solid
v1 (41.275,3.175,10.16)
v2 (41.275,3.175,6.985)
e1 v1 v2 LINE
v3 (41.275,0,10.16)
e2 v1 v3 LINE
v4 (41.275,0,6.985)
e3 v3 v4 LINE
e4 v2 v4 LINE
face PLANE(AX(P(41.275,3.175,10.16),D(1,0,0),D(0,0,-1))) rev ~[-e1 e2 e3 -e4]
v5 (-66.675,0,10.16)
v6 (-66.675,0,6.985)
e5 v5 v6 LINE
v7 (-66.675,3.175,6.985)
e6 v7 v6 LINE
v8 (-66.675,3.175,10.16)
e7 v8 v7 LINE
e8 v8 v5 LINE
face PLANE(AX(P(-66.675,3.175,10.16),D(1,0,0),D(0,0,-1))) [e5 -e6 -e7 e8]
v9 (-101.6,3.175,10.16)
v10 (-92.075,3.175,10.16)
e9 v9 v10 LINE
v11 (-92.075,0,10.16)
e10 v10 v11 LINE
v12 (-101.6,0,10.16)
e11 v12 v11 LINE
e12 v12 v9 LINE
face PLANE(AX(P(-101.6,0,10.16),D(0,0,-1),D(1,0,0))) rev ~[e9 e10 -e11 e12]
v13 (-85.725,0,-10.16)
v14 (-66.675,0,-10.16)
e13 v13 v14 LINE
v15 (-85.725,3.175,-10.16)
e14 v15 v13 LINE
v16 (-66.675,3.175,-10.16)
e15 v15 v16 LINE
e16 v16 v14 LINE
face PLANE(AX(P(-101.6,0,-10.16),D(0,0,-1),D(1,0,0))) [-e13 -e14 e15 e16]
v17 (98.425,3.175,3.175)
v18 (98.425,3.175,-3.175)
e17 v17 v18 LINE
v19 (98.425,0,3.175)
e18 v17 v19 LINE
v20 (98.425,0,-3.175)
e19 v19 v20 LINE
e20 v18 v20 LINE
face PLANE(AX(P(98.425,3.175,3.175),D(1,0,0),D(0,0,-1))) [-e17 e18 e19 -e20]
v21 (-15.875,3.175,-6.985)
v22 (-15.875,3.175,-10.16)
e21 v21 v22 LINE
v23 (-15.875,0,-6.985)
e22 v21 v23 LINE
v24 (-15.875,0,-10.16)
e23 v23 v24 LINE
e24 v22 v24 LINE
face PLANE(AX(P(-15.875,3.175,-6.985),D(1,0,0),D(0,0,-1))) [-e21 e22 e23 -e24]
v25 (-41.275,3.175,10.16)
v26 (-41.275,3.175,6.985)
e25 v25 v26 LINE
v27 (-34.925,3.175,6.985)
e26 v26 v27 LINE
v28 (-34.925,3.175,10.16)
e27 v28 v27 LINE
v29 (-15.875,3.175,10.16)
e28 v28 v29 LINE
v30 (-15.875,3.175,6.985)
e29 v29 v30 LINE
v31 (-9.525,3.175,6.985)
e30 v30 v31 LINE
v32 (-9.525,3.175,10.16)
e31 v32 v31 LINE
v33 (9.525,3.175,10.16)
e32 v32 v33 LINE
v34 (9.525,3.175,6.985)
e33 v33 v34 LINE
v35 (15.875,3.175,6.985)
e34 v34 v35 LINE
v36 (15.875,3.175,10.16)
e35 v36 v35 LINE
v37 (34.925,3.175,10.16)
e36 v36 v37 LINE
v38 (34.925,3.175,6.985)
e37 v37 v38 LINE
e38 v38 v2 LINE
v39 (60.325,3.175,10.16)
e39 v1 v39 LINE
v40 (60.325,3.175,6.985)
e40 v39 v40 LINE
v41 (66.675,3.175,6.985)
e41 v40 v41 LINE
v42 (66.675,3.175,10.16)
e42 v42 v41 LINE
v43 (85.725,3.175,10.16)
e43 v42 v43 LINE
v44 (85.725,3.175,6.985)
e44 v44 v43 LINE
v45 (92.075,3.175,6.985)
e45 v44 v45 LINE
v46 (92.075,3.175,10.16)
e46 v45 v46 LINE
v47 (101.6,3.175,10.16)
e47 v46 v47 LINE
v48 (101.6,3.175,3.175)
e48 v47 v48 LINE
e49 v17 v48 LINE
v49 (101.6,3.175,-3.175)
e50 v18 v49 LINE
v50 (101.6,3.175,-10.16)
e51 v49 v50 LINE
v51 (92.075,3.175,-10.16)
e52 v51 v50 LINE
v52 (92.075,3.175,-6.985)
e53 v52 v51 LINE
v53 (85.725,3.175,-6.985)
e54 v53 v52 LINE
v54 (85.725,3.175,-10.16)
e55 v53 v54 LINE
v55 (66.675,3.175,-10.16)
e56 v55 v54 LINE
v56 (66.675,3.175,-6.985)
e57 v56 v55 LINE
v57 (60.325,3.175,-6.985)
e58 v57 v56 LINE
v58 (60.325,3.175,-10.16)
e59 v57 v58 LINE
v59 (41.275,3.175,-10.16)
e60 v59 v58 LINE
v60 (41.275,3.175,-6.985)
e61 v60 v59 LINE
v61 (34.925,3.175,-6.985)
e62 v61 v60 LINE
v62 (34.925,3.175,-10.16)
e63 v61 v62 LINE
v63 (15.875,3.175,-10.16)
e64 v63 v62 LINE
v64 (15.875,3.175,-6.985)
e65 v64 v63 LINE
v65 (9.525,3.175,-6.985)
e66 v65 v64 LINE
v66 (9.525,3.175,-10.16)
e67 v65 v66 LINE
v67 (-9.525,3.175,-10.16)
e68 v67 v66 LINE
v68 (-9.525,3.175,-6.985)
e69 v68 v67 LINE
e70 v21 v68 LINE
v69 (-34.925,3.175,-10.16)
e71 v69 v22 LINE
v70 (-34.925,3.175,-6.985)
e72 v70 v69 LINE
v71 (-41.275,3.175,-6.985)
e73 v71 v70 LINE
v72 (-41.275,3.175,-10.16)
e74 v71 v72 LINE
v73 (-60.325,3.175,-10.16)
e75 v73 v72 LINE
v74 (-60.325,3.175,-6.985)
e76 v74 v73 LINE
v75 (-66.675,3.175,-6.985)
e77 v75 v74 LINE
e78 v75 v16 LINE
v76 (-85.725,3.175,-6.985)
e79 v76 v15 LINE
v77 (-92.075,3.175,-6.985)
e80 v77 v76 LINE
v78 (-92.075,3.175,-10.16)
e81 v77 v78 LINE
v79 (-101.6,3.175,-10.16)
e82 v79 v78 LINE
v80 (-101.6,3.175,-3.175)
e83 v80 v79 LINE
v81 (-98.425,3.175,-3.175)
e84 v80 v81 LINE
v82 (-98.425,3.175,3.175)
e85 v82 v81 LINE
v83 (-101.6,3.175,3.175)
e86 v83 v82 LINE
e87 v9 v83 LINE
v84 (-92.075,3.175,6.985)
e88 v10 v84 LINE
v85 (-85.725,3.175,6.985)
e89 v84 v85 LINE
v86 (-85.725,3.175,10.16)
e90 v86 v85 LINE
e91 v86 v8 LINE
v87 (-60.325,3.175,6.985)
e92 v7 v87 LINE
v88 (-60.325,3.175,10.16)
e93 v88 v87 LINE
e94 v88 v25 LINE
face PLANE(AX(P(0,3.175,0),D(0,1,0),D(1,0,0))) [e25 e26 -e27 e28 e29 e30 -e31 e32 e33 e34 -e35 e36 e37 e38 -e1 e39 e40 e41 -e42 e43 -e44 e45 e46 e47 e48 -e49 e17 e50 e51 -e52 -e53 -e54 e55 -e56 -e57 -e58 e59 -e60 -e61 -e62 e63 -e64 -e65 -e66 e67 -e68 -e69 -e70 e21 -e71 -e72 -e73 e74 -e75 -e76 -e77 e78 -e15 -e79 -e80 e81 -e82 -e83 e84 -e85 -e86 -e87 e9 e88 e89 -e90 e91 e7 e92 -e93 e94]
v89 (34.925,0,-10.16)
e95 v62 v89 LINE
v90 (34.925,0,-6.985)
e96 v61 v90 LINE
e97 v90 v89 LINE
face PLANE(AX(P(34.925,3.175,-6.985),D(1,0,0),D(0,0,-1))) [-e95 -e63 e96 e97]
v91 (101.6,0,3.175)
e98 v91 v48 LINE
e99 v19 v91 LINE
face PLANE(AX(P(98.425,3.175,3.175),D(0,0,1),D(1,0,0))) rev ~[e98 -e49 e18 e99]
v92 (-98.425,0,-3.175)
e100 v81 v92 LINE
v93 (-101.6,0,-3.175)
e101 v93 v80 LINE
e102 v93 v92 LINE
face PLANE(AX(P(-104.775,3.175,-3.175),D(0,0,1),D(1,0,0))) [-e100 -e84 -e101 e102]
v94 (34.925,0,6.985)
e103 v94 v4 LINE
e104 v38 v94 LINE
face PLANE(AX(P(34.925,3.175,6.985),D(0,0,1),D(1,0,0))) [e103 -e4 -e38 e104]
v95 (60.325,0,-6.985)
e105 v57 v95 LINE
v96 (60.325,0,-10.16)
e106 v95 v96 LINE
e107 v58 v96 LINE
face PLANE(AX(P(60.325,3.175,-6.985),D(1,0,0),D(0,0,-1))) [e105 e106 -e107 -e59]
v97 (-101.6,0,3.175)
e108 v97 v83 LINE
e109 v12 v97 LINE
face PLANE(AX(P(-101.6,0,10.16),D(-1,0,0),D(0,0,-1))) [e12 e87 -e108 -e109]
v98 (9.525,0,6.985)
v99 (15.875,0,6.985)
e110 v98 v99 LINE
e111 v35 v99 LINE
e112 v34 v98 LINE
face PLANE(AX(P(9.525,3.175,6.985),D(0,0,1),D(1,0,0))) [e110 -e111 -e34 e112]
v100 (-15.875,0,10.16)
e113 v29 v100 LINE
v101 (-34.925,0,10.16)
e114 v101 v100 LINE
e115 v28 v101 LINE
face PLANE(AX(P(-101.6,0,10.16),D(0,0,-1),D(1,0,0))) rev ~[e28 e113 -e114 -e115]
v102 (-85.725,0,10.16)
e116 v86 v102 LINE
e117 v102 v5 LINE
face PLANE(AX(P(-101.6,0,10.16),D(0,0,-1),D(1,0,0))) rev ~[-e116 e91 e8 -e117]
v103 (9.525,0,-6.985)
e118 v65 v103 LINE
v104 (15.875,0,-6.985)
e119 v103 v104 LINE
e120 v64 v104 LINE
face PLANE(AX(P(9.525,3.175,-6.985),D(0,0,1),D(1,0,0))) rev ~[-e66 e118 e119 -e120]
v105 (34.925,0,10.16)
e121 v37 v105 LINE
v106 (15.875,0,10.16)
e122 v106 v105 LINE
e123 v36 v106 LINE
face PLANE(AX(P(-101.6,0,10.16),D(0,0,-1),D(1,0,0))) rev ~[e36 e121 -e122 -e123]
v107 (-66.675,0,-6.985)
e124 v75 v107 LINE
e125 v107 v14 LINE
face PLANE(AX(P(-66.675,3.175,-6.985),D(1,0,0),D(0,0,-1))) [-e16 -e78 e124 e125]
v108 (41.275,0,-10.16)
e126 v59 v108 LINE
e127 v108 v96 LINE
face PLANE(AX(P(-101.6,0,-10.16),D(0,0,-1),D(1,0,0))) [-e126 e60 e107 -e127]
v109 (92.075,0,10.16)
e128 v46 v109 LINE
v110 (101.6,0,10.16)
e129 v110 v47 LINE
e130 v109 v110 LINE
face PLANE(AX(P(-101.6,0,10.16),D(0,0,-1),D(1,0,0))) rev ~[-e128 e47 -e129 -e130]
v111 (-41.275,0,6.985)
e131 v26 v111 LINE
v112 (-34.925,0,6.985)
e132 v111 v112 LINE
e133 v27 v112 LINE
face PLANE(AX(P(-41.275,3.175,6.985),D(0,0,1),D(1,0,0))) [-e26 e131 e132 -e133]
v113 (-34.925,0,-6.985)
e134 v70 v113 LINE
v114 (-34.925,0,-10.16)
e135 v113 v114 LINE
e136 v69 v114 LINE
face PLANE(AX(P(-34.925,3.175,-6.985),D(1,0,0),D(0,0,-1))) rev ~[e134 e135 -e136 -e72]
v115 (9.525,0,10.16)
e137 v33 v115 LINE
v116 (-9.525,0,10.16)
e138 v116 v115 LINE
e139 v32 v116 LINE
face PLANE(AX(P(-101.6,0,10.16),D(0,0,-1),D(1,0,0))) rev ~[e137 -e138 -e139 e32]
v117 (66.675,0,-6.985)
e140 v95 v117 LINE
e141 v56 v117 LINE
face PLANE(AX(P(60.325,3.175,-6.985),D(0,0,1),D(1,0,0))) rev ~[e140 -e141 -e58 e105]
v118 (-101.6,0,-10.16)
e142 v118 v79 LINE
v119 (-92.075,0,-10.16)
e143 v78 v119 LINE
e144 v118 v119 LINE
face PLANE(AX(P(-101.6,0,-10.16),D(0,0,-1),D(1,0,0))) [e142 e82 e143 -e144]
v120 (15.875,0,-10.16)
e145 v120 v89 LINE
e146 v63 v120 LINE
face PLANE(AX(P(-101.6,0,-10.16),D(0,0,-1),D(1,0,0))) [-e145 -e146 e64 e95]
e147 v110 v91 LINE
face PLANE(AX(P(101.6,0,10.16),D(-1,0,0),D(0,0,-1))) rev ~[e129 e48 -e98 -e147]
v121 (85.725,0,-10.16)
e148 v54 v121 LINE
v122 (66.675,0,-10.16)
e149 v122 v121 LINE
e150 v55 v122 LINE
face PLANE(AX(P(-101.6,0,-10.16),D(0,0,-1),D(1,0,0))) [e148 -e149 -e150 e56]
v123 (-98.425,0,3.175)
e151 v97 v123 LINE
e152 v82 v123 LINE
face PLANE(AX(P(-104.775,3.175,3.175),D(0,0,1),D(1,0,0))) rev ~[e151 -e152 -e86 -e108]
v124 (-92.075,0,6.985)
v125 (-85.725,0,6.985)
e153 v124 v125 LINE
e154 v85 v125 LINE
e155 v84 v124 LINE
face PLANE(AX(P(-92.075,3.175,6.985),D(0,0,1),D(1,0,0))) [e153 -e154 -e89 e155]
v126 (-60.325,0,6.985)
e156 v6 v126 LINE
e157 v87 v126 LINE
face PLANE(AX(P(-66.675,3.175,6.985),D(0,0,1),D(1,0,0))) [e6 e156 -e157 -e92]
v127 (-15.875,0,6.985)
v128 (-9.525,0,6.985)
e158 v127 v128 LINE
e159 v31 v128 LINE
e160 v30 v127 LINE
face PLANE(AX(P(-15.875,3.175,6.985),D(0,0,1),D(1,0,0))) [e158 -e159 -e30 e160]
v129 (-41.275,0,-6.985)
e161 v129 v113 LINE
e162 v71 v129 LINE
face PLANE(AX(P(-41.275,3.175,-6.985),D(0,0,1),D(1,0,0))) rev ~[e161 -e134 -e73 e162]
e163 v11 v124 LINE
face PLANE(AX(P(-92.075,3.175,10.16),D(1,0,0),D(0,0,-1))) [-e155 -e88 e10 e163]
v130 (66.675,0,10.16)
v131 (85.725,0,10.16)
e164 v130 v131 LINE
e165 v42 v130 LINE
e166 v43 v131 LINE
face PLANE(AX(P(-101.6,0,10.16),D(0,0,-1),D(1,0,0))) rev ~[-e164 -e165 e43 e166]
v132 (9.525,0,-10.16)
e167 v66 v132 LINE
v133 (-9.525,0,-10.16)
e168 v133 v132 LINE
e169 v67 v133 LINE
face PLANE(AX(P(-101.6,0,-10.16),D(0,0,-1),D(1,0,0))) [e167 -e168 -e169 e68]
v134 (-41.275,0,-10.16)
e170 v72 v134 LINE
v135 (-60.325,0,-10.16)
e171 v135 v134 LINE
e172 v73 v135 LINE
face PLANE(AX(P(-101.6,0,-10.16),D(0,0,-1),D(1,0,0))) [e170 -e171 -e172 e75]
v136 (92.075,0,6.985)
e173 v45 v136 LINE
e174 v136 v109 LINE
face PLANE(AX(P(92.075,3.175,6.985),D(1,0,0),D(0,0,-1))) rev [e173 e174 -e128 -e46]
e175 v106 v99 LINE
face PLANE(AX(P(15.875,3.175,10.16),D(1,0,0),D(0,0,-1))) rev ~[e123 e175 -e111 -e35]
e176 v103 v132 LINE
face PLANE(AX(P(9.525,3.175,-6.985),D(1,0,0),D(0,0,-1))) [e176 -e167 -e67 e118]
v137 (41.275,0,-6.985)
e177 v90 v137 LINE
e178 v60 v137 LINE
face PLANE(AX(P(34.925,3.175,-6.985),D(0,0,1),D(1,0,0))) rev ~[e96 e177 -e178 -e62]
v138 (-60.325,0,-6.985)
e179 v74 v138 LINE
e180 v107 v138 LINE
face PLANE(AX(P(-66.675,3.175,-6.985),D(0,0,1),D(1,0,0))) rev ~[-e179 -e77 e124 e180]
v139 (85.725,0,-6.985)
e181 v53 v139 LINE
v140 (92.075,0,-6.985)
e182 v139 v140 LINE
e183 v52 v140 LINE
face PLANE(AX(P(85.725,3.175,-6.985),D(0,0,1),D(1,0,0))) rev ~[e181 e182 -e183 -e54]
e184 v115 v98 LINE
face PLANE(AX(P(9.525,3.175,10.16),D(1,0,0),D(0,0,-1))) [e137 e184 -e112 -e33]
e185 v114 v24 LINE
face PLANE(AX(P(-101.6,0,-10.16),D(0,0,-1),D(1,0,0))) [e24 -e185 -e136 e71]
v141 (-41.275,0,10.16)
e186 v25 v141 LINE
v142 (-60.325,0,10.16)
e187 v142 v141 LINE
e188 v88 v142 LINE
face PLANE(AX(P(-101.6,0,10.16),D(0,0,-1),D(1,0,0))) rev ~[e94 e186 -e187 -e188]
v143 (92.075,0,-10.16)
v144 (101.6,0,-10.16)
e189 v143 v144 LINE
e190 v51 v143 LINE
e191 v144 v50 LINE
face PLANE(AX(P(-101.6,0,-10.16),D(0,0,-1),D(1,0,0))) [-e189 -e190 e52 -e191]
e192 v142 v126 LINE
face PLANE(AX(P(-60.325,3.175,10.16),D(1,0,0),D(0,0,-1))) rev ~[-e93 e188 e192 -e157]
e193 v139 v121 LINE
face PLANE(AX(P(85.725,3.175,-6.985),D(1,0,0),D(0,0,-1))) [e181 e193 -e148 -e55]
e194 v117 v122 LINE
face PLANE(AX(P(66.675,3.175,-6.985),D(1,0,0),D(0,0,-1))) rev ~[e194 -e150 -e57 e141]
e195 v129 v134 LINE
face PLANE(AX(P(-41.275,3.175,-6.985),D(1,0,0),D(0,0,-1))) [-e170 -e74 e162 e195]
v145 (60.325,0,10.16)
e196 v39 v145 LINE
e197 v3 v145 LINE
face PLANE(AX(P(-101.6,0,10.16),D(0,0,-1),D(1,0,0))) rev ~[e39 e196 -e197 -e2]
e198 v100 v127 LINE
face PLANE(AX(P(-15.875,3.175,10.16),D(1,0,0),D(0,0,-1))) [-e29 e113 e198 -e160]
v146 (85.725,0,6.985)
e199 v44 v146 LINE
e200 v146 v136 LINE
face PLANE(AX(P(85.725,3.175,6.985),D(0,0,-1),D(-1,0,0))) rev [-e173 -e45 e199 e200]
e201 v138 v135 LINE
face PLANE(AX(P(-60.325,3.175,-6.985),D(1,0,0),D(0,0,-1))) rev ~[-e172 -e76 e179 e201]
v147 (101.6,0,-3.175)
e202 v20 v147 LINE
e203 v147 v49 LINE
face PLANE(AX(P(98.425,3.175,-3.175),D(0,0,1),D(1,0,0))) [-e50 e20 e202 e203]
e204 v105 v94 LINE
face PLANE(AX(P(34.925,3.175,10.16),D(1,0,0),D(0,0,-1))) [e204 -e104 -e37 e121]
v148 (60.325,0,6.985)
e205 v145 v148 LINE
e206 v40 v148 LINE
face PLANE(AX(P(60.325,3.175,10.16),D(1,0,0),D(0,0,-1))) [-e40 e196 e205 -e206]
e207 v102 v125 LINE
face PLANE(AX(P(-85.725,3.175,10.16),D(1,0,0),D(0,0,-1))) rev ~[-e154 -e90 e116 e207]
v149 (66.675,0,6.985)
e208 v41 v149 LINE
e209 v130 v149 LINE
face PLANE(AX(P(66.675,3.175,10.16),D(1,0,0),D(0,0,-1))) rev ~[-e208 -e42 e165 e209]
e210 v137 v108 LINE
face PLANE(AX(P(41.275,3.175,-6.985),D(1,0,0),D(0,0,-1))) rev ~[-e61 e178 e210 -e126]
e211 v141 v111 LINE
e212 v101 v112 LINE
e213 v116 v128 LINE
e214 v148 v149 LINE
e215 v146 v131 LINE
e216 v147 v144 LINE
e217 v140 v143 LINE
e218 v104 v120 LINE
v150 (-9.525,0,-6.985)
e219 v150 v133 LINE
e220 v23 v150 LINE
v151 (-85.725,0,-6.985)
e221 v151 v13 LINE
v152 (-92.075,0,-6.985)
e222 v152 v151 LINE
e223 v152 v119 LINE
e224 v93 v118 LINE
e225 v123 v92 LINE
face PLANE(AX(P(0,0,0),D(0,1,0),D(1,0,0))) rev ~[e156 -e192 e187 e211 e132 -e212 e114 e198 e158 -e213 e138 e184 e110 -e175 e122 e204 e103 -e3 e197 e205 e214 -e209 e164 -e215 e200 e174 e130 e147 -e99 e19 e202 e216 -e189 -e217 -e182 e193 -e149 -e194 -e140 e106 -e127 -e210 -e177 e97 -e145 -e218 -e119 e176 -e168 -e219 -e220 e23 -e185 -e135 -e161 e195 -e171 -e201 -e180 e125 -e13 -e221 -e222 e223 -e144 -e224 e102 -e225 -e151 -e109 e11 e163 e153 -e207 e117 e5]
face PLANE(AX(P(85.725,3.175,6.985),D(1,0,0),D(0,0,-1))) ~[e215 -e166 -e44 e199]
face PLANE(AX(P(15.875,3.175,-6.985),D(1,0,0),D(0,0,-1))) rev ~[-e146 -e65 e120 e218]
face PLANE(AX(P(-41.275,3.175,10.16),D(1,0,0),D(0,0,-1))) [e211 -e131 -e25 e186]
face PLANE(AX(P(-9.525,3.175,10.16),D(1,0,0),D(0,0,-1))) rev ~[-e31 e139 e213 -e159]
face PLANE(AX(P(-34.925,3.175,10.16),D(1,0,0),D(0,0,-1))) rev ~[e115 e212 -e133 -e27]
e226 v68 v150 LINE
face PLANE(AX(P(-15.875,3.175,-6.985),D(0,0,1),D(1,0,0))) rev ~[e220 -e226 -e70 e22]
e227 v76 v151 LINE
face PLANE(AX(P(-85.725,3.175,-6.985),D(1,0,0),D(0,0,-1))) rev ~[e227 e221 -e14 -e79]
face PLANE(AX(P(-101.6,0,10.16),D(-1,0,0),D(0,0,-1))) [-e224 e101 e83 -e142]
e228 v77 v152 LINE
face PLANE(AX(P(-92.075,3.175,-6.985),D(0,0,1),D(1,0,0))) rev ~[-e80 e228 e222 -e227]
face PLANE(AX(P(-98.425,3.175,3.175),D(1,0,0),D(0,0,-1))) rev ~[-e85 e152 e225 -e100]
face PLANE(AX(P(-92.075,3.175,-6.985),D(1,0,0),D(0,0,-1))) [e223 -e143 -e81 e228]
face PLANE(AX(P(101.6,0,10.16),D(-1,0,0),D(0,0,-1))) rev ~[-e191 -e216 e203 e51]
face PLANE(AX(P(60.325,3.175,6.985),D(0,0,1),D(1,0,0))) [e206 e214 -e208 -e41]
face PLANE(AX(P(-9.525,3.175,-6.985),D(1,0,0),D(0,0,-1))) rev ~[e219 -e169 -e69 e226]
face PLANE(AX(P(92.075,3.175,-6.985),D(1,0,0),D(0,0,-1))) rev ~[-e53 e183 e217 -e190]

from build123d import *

# Parameters (mm, degrees)
SKETCH1_W               = 203.2
SKETCH1_H               = 20.32
BOSS_EXTRUDE1_DEPTH     = 3.175
SKETCH2_W               = 6.35
SKETCH2_H               = 3.175
CUT_EXTRUDE1_DEPTH      = 103.156087557
LPATTERN1_COUNT         = 8
LPATTERN1_PITCH         = 25.4
MIRROR1_COPY_1_SKETCH_W = 6.35
MIRROR1_COPY_1_SKETCH_H = 3.175
MIRROR1_COPY_1_DEPTH    = 103.156087557
MIRROR1_COPY_2_SKETCH_W = 6.35
MIRROR1_COPY_2_SKETCH_H = 3.175
MIRROR1_COPY_2_DEPTH    = 103.156087557
MIRROR1_COPY_3_SKETCH_W = 6.35
MIRROR1_COPY_3_SKETCH_H = 3.175
MIRROR1_COPY_3_DEPTH    = 103.156087557
MIRROR1_COPY_4_SKETCH_W = 6.35
MIRROR1_COPY_4_SKETCH_H = 3.175
MIRROR1_COPY_4_DEPTH    = 103.156087557
MIRROR1_COPY_5_SKETCH_W = 6.35
MIRROR1_COPY_5_SKETCH_H = 3.175
MIRROR1_COPY_5_DEPTH    = 103.156087557
MIRROR1_COPY_6_SKETCH_W = 6.35
MIRROR1_COPY_6_SKETCH_H = 3.175
MIRROR1_COPY_6_DEPTH    = 103.156087557
MIRROR1_COPY_7_SKETCH_W = 6.35
MIRROR1_COPY_7_SKETCH_H = 3.175
MIRROR1_COPY_7_DEPTH    = 103.156087557
SKETCH3_W               = 6.35
SKETCH3_H               = 6.35
CUT_EXTRUDE2_DEPTH      = 103.156087557


with BuildPart() as part:
    # Sketch1 → Boss-Extrude1 (new body)
    with BuildSketch(Plane(origin=(0, 0, 0), x_dir=(1, 0, 0), z_dir=(0, 1, 0))):
        Rectangle(SKETCH1_W, SKETCH1_H)
    extrude(amount=BOSS_EXTRUDE1_DEPTH)

    # Sketch2 → Cut-Extrude1 (cut, through all)
    with BuildSketch(Plane(origin=(0, 3.175, 0), x_dir=(1, 0, 0), z_dir=(0, 1, 0))):
        with Locations((88.9, 8.5725)):
            Rectangle(SKETCH2_W, SKETCH2_H)
    cut_extrude1 = extrude(amount=-CUT_EXTRUDE1_DEPTH, mode=Mode.SUBTRACT)

    # LPattern1: Cut-Extrude1 ×8
    with Locations(*[(-i * LPATTERN1_PITCH, 0, 0) for i in range(1, LPATTERN1_COUNT)]):
        add(cut_extrude1, mode=Mode.SUBTRACT)

    # Mirror1: Cut-Extrude1 across plane
    add(cut_extrude1.mirror(Plane.XY), mode=Mode.SUBTRACT)

    # Mirror1 copy 1 sketch → Mirror1 copy 1 (cut, through all)
    with BuildSketch(Plane(origin=(-25.4, 3.175, 0), x_dir=(1, 0, 0), z_dir=(0, 1, 0))):
        with Locations((88.9, -8.5725)):
            Rectangle(MIRROR1_COPY_1_SKETCH_W, MIRROR1_COPY_1_SKETCH_H)
    extrude(amount=-MIRROR1_COPY_1_DEPTH, mode=Mode.SUBTRACT)

    # Mirror1 copy 2 sketch → Mirror1 copy 2 (cut, through all)
    with BuildSketch(Plane(origin=(-50.8, 3.175, 0), x_dir=(1, 0, 0), z_dir=(0, 1, 0))):
        with Locations((88.9, -8.5725)):
            Rectangle(MIRROR1_COPY_2_SKETCH_W, MIRROR1_COPY_2_SKETCH_H)
    extrude(amount=-MIRROR1_COPY_2_DEPTH, mode=Mode.SUBTRACT)

    # Mirror1 copy 3 sketch → Mirror1 copy 3 (cut, through all)
    with BuildSketch(Plane(origin=(-76.2, 3.175, 0), x_dir=(1, 0, 0), z_dir=(0, 1, 0))):
        with Locations((88.9, -8.5725)):
            Rectangle(MIRROR1_COPY_3_SKETCH_W, MIRROR1_COPY_3_SKETCH_H)
    extrude(amount=-MIRROR1_COPY_3_DEPTH, mode=Mode.SUBTRACT)

    # Mirror1 copy 4 sketch → Mirror1 copy 4 (cut, through all)
    with BuildSketch(Plane(origin=(-101.6, 3.175, 0), x_dir=(1, 0, 0), z_dir=(0, 1, 0))):
        with Locations((88.9, -8.5725)):
            Rectangle(MIRROR1_COPY_4_SKETCH_W, MIRROR1_COPY_4_SKETCH_H)
    extrude(amount=-MIRROR1_COPY_4_DEPTH, mode=Mode.SUBTRACT)

    # Mirror1 copy 5 sketch → Mirror1 copy 5 (cut, through all)
    with BuildSketch(Plane(origin=(-127, 3.175, 0), x_dir=(1, 0, 0), z_dir=(0, 1, 0))):
        with Locations((88.9, -8.5725)):
            Rectangle(MIRROR1_COPY_5_SKETCH_W, MIRROR1_COPY_5_SKETCH_H)
    extrude(amount=-MIRROR1_COPY_5_DEPTH, mode=Mode.SUBTRACT)

    # Mirror1 copy 6 sketch → Mirror1 copy 6 (cut, through all)
    with BuildSketch(Plane(origin=(-152.4, 3.175, 0), x_dir=(1, 0, 0), z_dir=(0, 1, 0))):
        with Locations((88.9, -8.5725)):
            Rectangle(MIRROR1_COPY_6_SKETCH_W, MIRROR1_COPY_6_SKETCH_H)
    extrude(amount=-MIRROR1_COPY_6_DEPTH, mode=Mode.SUBTRACT)

    # Mirror1 copy 7 sketch → Mirror1 copy 7 (cut, through all)
    with BuildSketch(Plane(origin=(-177.8, 3.175, 0), x_dir=(1, 0, 0), z_dir=(0, 1, 0))):
        with Locations((88.9, -8.5725)):
            Rectangle(MIRROR1_COPY_7_SKETCH_W, MIRROR1_COPY_7_SKETCH_H)
    extrude(amount=-MIRROR1_COPY_7_DEPTH, mode=Mode.SUBTRACT)

    # Sketch3 → Cut-Extrude2 (cut, through all)
    with BuildSketch(Plane(origin=(0, 3.175, 0), x_dir=(1, 0, 0), z_dir=(0, 1, 0))):
        with Locations((101.6, 0)):
            Rectangle(SKETCH3_W, SKETCH3_H)
        with Locations((-101.6, 0)):
            Rectangle(SKETCH3_W, SKETCH3_H)
    extrude(amount=-CUT_EXTRUDE2_DEPTH, mode=Mode.SUBTRACT)


solid = part.part
